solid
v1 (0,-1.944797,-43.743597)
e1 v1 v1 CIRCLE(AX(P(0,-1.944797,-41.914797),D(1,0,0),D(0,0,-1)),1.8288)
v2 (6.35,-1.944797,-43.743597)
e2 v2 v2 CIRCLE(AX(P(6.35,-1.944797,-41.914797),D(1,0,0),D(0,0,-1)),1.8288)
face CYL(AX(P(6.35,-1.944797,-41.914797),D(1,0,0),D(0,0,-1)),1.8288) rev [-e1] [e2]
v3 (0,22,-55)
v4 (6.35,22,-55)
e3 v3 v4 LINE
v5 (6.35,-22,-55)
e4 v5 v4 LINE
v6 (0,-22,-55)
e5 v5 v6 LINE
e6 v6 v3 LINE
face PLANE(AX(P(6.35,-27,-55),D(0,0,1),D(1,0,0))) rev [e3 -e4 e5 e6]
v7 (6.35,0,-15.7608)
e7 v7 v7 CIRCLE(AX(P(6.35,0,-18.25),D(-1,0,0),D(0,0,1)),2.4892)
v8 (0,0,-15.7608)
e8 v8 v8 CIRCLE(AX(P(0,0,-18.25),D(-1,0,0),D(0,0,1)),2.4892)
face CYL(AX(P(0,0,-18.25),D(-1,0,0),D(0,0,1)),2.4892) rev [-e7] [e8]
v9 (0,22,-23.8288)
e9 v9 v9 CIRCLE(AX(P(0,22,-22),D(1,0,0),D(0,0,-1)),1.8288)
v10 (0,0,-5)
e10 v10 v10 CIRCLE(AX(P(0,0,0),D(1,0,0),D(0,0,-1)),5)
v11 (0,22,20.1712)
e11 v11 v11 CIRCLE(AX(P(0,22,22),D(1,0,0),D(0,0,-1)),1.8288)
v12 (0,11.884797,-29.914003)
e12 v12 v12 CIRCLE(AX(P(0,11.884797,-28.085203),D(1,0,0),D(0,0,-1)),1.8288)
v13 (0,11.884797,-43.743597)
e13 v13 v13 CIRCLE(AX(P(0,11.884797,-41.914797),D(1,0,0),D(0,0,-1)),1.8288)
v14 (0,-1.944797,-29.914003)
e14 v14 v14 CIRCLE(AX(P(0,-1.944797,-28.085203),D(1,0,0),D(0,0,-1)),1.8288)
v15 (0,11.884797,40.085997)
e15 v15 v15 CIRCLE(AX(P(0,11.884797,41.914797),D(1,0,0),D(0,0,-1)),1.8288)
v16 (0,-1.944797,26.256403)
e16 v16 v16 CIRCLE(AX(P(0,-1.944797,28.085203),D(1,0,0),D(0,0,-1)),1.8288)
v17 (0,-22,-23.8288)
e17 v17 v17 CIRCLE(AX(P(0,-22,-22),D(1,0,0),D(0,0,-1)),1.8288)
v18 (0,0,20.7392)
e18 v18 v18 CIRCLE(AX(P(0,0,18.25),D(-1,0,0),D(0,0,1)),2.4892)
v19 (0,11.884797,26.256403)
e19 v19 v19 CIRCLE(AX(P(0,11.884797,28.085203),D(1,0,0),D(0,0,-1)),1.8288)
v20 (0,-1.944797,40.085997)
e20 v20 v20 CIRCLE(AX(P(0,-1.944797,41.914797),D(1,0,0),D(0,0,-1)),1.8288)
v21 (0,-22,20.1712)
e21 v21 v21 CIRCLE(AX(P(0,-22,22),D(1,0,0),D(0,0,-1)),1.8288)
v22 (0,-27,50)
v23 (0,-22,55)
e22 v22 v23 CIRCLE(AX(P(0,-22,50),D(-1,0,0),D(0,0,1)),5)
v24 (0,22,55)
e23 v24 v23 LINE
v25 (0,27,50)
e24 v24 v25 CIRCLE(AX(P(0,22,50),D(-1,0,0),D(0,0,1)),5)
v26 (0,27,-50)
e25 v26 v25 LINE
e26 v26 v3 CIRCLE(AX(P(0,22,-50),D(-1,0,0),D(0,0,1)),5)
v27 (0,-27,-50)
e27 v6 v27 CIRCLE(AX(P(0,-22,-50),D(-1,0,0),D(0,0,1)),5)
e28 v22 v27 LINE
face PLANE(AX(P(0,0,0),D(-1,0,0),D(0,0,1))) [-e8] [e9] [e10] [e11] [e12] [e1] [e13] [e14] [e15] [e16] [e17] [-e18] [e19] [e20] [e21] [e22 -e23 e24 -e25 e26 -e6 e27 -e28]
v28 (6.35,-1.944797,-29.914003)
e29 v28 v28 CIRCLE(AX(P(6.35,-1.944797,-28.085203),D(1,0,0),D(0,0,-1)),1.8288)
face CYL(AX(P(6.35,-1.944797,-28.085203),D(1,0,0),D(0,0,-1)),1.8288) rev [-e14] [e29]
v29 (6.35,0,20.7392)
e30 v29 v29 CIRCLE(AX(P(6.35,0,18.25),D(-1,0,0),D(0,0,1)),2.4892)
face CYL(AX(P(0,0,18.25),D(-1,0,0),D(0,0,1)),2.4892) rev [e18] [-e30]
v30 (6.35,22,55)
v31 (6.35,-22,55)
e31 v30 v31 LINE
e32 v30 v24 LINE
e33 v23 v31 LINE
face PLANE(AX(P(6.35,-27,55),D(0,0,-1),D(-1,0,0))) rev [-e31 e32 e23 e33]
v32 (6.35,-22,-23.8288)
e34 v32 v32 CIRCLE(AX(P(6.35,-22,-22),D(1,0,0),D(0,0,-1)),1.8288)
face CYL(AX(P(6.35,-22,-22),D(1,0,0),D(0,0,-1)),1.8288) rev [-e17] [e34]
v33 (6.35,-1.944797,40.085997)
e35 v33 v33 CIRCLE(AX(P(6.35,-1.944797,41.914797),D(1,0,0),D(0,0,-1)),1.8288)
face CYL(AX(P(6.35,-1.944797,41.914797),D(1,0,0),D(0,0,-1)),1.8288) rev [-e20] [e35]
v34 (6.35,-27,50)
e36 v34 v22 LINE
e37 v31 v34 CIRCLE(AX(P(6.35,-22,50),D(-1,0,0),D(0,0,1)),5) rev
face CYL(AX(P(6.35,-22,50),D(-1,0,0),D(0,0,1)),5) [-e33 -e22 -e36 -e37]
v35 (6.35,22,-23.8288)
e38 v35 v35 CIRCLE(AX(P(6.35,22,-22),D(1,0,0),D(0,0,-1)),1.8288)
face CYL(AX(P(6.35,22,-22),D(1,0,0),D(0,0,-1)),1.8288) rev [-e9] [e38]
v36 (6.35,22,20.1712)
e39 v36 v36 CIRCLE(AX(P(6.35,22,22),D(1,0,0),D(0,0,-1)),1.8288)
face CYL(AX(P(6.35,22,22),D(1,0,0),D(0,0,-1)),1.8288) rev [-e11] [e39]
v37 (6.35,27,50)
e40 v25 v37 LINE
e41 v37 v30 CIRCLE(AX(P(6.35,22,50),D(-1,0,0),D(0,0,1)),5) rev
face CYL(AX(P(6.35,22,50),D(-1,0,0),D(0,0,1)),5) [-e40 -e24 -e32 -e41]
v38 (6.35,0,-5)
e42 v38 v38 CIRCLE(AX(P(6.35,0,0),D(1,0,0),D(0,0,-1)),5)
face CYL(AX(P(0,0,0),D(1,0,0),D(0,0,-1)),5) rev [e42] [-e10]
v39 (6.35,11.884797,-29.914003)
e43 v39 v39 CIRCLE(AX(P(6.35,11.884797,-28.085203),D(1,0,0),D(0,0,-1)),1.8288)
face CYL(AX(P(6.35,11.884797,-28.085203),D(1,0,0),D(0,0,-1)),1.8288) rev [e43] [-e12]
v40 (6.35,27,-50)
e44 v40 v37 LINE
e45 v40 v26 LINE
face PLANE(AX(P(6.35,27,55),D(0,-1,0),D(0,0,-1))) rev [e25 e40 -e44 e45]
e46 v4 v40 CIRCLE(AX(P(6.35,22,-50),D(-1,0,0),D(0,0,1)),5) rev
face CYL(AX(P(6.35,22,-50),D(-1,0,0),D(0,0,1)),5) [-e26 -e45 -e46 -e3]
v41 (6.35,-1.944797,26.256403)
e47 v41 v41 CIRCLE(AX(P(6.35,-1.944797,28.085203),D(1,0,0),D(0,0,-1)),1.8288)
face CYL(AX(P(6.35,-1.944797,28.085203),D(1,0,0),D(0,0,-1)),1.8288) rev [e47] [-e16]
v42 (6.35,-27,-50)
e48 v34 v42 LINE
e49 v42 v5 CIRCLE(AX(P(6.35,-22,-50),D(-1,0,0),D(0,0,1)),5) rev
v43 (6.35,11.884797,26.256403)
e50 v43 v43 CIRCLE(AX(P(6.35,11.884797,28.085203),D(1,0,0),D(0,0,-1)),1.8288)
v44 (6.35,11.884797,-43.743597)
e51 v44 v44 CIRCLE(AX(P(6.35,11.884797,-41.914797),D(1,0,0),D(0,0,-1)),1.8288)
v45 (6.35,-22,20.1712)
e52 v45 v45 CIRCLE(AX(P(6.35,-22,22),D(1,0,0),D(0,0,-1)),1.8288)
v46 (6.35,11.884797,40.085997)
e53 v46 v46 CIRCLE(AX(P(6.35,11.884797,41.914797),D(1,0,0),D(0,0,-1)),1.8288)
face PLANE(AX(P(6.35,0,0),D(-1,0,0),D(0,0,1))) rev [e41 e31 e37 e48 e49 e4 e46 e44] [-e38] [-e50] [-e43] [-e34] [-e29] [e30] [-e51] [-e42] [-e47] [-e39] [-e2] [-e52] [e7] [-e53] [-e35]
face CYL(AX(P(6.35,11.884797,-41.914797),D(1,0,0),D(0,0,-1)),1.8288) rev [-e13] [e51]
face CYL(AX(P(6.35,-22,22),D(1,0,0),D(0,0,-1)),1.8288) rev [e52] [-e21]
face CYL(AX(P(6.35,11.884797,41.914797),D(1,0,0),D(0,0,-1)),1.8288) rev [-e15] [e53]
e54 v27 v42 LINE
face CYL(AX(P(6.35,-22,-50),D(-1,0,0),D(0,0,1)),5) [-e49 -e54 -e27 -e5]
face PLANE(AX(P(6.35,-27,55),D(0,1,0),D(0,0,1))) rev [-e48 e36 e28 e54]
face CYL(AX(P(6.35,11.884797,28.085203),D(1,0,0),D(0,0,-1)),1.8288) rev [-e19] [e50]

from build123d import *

# Parameters (mm, degrees)
SKETCH1_W              = 110
SKETCH1_H              = 54
BOSS_EXTRUDE1_DEPTH    = 6.35
FILLET1_R              = 5
F_6_CLEARANCE_HOLE1_D  = 3.6576
SKETCH5_R              = 5
CUT_EXTRUDE1_DEPTH     = 7.35
F_6_CLEARANCE_HOLE2_D  = 3.6576
F_10_CLEARANCE_HOLE1_D = 4.9784


with BuildPart() as part:
    # Sketch1 → Boss-Extrude1 (new body)
    with BuildSketch(Plane(origin=(0, 0, 0), x_dir=(0, 0, -1), z_dir=(1, 0, 0))):
        Rectangle(SKETCH1_W, SKETCH1_H)
    extrude(amount=BOSS_EXTRUDE1_DEPTH)

    # Fillet1
    fillet1_edges = [part.edges().sort_by_distance(p)[0] for p in [
        (3.175, -27, -55),
        (3.175, -27, 55),
        (3.175, 27, 55),
        (3.175, 27, -55),
    ]]
    fillet(fillet1_edges, radius=FILLET1_R)

    # #6 Clearance Hole1 (through all)
    with Locations(Plane(origin=(6.35, 0, 0), x_dir=(0, 0, -1), z_dir=(1, 0, 0))):
        with Locations((-22, 22), (22, 22), (22, -22), (-22, -22)):
            Hole(F_6_CLEARANCE_HOLE1_D / 2)

    # Sketch5 → Cut-Extrude1 (cut, through all)
    with BuildSketch(Plane(origin=(6.35, 0, 0), x_dir=(0, 0, -1), z_dir=(1, 0, 0))):
        Circle(SKETCH5_R)
    extrude(amount=-CUT_EXTRUDE1_DEPTH, mode=Mode.SUBTRACT)

    # #6 Clearance Hole2 (through all)
    with Locations(Plane(origin=(6.35, 0, 0), x_dir=(0, 0, -1), z_dir=(1, 0, 0))):
        with Locations((-41.914797213, 11.884797213), (-28.085202787, 11.884797213), (-28.085202787, -1.944797213), (-41.914797213, -1.944797213), (28.085202787, 11.884797213), (28.085202787, -1.944797213), (41.914797213, -1.944797213), (41.914797213, 11.884797213)):
            Hole(F_6_CLEARANCE_HOLE2_D / 2)

    # #10 Clearance Hole1 (through all)
    with Locations(Plane.ZY):
        with Locations((18.25, 0), (-18.25, 0)):
            Hole(F_10_CLEARANCE_HOLE1_D / 2)


solid = part.part
